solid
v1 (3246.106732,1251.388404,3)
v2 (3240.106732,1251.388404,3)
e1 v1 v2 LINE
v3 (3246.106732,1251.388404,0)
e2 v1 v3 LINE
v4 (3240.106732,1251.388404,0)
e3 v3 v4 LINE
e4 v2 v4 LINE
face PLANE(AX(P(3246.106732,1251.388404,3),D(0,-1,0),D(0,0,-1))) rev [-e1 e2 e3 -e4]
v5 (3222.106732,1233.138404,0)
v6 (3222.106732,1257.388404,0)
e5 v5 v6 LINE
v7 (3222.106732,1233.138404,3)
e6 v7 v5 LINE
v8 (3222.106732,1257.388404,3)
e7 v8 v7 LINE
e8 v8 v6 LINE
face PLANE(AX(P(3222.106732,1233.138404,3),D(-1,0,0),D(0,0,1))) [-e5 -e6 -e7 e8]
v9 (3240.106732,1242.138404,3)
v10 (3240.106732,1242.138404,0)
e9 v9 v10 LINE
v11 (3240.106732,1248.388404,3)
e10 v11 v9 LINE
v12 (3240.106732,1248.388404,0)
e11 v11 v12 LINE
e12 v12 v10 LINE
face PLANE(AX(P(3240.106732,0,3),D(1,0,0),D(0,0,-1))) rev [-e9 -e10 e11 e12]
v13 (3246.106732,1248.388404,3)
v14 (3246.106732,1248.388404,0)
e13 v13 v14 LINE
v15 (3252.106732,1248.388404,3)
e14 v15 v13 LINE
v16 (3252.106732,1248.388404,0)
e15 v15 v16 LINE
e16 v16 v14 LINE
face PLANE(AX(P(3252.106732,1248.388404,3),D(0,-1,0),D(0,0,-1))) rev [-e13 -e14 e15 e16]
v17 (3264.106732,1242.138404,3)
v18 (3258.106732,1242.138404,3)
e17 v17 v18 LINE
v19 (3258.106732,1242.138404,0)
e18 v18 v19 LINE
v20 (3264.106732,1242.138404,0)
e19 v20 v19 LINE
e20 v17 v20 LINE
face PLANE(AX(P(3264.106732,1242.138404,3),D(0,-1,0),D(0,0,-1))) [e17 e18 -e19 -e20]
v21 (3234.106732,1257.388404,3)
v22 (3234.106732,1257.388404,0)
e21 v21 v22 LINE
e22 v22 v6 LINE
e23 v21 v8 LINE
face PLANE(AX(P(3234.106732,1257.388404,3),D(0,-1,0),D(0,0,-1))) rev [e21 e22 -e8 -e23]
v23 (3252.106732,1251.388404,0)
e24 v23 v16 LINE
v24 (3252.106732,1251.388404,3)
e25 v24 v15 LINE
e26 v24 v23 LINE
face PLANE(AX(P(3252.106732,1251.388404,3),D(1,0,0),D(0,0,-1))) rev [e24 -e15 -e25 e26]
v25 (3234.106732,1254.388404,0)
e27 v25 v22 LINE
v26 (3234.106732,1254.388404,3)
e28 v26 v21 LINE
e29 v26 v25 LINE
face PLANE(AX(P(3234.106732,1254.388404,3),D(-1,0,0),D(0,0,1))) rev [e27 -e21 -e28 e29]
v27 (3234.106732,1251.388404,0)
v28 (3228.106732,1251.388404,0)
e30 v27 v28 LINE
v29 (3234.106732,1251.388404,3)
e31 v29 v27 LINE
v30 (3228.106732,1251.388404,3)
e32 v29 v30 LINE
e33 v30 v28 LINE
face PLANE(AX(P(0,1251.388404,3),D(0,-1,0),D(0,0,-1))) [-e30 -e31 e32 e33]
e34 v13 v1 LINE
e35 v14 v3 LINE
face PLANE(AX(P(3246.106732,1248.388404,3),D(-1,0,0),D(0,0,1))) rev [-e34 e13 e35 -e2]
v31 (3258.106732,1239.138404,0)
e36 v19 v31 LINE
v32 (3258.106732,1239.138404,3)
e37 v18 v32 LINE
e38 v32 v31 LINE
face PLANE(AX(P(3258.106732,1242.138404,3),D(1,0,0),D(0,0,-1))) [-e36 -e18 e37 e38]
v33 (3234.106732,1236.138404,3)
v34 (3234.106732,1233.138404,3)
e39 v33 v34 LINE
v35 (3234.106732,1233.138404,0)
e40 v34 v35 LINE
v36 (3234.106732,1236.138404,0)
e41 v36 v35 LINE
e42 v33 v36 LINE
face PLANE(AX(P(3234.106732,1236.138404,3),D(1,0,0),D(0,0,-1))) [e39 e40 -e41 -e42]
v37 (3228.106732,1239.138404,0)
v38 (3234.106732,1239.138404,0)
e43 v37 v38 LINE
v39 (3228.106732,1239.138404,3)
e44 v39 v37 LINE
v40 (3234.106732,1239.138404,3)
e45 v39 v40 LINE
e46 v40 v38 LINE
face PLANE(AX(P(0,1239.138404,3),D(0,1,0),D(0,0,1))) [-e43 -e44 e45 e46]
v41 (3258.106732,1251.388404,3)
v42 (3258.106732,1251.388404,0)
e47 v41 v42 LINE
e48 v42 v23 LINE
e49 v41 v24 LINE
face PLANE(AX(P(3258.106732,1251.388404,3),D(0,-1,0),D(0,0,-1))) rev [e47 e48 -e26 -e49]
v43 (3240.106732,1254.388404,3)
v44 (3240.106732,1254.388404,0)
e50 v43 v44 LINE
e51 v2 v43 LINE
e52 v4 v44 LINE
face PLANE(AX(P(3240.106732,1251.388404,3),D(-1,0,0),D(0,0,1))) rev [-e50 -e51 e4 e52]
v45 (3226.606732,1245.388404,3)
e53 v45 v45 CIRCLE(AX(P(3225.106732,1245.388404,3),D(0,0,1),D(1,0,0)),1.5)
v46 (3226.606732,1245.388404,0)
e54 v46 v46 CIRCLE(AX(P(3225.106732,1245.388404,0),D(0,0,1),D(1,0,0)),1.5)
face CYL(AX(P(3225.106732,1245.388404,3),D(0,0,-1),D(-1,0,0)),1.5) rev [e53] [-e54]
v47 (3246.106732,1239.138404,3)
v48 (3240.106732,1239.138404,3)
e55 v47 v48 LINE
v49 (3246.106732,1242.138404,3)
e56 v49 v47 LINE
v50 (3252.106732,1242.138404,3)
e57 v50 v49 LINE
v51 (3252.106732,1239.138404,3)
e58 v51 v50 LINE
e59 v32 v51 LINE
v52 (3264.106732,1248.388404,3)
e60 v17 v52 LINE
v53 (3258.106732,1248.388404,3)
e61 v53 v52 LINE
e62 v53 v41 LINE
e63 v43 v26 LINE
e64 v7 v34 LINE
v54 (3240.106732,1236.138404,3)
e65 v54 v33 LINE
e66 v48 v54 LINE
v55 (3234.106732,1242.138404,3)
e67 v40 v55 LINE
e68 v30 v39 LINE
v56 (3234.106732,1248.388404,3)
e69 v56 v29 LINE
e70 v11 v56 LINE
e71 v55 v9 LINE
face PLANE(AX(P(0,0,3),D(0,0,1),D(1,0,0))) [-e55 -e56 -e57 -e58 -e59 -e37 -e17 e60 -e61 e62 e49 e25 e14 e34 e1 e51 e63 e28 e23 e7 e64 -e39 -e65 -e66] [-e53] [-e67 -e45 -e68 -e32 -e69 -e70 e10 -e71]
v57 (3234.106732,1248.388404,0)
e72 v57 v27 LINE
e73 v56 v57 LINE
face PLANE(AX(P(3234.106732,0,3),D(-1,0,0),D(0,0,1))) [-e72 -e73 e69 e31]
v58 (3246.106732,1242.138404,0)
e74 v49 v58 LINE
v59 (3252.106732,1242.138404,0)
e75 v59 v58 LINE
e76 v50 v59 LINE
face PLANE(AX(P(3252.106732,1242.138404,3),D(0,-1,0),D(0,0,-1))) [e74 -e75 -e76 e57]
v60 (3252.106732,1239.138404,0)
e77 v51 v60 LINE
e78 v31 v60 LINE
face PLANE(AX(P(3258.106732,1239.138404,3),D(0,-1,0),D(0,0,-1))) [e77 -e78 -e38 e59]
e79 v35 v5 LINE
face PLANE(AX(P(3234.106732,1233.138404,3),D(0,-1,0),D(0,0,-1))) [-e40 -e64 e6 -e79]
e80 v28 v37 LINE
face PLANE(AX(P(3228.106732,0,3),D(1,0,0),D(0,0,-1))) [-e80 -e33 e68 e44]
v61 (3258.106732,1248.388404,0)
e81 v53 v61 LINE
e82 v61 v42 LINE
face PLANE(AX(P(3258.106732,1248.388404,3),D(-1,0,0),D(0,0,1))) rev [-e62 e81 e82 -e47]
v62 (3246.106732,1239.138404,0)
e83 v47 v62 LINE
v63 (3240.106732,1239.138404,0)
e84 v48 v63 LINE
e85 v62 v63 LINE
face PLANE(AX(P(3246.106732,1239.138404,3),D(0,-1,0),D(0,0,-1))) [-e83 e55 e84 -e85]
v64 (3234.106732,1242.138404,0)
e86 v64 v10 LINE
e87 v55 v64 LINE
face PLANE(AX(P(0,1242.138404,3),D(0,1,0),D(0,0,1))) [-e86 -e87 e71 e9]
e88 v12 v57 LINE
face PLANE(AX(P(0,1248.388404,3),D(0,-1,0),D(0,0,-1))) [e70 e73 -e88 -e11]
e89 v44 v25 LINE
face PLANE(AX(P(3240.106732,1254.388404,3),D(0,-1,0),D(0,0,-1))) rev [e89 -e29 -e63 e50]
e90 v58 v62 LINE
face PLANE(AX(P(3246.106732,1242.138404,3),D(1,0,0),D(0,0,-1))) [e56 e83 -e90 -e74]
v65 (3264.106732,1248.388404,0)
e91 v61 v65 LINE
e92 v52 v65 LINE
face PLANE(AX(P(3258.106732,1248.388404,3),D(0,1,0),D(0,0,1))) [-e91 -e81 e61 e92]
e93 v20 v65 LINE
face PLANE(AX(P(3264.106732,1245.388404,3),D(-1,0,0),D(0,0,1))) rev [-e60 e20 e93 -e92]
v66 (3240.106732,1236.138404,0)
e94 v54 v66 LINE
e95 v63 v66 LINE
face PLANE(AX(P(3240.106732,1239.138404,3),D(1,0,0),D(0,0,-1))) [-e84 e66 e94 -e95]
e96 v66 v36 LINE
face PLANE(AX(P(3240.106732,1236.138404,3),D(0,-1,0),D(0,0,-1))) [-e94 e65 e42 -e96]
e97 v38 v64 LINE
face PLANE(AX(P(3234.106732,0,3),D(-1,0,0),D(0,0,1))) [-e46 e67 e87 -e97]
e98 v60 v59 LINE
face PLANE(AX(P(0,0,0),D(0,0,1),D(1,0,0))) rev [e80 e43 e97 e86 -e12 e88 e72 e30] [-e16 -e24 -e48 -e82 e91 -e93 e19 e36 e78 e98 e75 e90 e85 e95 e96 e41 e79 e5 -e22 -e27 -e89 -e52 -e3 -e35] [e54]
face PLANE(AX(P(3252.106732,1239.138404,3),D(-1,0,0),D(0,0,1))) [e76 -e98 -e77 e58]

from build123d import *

# Parameters (mm, degrees)
MODEL_R             = 1.5
BOSS_EXTRUDE1_DEPTH = 3


with BuildPart() as part:
    # Model → Boss-Extrude1 (new body)
    with BuildSketch(Plane.XY):
        Polygon((3258.106732125, 1248.388404039), (3264.106732125, 1248.388404039), (3264.106732125, 1245.388404039), (3264.106732125, 1242.138404039), (3258.106732125, 1242.138404039), (3258.106732125, 1239.138404039), (3252.106732125, 1239.138404039), (3252.106732125, 1242.138404039), (3246.106732125, 1242.138404039), (3246.106732125, 1239.138404039), (3240.106732125, 1239.138404039), (3240.106732125, 1236.138404039), (3234.106732125, 1236.138404039), (3234.106732125, 1233.138404039), (3228.106732125, 1233.138404039), (3222.106732125, 1233.138404039), (3222.106732125, 1245.388404039), (3222.106732125, 1257.388404039), (3228.106732125, 1257.388404039), (3234.106732125, 1257.388404039), (3234.106732125, 1254.388404039), (3240.106732125, 1254.388404039), (3240.106732125, 1251.388404039), (3246.106732125, 1251.388404039), (3246.106732125, 1248.388404039), (3252.106732125, 1248.388404039), (3252.106732125, 1251.388404039), (3258.106732125, 1251.388404039), align=None)
        with Locations((3225.106732125, 1245.388404039)):
            Circle(MODEL_R, mode=Mode.SUBTRACT)
        Polygon((3240.106732125, 1248.388404039), (3234.106732125, 1248.388404039), (3234.106732125, 1251.388404039), (3228.106732125, 1251.388404039), (3228.106732125, 1245.388404039), (3228.106732125, 1239.138404039), (3234.106732125, 1239.138404039), (3234.106732125, 1242.138404039), (3240.106732125, 1242.138404039), align=None, mode=Mode.SUBTRACT)
    extrude(amount=BOSS_EXTRUDE1_DEPTH)


solid = part.part
